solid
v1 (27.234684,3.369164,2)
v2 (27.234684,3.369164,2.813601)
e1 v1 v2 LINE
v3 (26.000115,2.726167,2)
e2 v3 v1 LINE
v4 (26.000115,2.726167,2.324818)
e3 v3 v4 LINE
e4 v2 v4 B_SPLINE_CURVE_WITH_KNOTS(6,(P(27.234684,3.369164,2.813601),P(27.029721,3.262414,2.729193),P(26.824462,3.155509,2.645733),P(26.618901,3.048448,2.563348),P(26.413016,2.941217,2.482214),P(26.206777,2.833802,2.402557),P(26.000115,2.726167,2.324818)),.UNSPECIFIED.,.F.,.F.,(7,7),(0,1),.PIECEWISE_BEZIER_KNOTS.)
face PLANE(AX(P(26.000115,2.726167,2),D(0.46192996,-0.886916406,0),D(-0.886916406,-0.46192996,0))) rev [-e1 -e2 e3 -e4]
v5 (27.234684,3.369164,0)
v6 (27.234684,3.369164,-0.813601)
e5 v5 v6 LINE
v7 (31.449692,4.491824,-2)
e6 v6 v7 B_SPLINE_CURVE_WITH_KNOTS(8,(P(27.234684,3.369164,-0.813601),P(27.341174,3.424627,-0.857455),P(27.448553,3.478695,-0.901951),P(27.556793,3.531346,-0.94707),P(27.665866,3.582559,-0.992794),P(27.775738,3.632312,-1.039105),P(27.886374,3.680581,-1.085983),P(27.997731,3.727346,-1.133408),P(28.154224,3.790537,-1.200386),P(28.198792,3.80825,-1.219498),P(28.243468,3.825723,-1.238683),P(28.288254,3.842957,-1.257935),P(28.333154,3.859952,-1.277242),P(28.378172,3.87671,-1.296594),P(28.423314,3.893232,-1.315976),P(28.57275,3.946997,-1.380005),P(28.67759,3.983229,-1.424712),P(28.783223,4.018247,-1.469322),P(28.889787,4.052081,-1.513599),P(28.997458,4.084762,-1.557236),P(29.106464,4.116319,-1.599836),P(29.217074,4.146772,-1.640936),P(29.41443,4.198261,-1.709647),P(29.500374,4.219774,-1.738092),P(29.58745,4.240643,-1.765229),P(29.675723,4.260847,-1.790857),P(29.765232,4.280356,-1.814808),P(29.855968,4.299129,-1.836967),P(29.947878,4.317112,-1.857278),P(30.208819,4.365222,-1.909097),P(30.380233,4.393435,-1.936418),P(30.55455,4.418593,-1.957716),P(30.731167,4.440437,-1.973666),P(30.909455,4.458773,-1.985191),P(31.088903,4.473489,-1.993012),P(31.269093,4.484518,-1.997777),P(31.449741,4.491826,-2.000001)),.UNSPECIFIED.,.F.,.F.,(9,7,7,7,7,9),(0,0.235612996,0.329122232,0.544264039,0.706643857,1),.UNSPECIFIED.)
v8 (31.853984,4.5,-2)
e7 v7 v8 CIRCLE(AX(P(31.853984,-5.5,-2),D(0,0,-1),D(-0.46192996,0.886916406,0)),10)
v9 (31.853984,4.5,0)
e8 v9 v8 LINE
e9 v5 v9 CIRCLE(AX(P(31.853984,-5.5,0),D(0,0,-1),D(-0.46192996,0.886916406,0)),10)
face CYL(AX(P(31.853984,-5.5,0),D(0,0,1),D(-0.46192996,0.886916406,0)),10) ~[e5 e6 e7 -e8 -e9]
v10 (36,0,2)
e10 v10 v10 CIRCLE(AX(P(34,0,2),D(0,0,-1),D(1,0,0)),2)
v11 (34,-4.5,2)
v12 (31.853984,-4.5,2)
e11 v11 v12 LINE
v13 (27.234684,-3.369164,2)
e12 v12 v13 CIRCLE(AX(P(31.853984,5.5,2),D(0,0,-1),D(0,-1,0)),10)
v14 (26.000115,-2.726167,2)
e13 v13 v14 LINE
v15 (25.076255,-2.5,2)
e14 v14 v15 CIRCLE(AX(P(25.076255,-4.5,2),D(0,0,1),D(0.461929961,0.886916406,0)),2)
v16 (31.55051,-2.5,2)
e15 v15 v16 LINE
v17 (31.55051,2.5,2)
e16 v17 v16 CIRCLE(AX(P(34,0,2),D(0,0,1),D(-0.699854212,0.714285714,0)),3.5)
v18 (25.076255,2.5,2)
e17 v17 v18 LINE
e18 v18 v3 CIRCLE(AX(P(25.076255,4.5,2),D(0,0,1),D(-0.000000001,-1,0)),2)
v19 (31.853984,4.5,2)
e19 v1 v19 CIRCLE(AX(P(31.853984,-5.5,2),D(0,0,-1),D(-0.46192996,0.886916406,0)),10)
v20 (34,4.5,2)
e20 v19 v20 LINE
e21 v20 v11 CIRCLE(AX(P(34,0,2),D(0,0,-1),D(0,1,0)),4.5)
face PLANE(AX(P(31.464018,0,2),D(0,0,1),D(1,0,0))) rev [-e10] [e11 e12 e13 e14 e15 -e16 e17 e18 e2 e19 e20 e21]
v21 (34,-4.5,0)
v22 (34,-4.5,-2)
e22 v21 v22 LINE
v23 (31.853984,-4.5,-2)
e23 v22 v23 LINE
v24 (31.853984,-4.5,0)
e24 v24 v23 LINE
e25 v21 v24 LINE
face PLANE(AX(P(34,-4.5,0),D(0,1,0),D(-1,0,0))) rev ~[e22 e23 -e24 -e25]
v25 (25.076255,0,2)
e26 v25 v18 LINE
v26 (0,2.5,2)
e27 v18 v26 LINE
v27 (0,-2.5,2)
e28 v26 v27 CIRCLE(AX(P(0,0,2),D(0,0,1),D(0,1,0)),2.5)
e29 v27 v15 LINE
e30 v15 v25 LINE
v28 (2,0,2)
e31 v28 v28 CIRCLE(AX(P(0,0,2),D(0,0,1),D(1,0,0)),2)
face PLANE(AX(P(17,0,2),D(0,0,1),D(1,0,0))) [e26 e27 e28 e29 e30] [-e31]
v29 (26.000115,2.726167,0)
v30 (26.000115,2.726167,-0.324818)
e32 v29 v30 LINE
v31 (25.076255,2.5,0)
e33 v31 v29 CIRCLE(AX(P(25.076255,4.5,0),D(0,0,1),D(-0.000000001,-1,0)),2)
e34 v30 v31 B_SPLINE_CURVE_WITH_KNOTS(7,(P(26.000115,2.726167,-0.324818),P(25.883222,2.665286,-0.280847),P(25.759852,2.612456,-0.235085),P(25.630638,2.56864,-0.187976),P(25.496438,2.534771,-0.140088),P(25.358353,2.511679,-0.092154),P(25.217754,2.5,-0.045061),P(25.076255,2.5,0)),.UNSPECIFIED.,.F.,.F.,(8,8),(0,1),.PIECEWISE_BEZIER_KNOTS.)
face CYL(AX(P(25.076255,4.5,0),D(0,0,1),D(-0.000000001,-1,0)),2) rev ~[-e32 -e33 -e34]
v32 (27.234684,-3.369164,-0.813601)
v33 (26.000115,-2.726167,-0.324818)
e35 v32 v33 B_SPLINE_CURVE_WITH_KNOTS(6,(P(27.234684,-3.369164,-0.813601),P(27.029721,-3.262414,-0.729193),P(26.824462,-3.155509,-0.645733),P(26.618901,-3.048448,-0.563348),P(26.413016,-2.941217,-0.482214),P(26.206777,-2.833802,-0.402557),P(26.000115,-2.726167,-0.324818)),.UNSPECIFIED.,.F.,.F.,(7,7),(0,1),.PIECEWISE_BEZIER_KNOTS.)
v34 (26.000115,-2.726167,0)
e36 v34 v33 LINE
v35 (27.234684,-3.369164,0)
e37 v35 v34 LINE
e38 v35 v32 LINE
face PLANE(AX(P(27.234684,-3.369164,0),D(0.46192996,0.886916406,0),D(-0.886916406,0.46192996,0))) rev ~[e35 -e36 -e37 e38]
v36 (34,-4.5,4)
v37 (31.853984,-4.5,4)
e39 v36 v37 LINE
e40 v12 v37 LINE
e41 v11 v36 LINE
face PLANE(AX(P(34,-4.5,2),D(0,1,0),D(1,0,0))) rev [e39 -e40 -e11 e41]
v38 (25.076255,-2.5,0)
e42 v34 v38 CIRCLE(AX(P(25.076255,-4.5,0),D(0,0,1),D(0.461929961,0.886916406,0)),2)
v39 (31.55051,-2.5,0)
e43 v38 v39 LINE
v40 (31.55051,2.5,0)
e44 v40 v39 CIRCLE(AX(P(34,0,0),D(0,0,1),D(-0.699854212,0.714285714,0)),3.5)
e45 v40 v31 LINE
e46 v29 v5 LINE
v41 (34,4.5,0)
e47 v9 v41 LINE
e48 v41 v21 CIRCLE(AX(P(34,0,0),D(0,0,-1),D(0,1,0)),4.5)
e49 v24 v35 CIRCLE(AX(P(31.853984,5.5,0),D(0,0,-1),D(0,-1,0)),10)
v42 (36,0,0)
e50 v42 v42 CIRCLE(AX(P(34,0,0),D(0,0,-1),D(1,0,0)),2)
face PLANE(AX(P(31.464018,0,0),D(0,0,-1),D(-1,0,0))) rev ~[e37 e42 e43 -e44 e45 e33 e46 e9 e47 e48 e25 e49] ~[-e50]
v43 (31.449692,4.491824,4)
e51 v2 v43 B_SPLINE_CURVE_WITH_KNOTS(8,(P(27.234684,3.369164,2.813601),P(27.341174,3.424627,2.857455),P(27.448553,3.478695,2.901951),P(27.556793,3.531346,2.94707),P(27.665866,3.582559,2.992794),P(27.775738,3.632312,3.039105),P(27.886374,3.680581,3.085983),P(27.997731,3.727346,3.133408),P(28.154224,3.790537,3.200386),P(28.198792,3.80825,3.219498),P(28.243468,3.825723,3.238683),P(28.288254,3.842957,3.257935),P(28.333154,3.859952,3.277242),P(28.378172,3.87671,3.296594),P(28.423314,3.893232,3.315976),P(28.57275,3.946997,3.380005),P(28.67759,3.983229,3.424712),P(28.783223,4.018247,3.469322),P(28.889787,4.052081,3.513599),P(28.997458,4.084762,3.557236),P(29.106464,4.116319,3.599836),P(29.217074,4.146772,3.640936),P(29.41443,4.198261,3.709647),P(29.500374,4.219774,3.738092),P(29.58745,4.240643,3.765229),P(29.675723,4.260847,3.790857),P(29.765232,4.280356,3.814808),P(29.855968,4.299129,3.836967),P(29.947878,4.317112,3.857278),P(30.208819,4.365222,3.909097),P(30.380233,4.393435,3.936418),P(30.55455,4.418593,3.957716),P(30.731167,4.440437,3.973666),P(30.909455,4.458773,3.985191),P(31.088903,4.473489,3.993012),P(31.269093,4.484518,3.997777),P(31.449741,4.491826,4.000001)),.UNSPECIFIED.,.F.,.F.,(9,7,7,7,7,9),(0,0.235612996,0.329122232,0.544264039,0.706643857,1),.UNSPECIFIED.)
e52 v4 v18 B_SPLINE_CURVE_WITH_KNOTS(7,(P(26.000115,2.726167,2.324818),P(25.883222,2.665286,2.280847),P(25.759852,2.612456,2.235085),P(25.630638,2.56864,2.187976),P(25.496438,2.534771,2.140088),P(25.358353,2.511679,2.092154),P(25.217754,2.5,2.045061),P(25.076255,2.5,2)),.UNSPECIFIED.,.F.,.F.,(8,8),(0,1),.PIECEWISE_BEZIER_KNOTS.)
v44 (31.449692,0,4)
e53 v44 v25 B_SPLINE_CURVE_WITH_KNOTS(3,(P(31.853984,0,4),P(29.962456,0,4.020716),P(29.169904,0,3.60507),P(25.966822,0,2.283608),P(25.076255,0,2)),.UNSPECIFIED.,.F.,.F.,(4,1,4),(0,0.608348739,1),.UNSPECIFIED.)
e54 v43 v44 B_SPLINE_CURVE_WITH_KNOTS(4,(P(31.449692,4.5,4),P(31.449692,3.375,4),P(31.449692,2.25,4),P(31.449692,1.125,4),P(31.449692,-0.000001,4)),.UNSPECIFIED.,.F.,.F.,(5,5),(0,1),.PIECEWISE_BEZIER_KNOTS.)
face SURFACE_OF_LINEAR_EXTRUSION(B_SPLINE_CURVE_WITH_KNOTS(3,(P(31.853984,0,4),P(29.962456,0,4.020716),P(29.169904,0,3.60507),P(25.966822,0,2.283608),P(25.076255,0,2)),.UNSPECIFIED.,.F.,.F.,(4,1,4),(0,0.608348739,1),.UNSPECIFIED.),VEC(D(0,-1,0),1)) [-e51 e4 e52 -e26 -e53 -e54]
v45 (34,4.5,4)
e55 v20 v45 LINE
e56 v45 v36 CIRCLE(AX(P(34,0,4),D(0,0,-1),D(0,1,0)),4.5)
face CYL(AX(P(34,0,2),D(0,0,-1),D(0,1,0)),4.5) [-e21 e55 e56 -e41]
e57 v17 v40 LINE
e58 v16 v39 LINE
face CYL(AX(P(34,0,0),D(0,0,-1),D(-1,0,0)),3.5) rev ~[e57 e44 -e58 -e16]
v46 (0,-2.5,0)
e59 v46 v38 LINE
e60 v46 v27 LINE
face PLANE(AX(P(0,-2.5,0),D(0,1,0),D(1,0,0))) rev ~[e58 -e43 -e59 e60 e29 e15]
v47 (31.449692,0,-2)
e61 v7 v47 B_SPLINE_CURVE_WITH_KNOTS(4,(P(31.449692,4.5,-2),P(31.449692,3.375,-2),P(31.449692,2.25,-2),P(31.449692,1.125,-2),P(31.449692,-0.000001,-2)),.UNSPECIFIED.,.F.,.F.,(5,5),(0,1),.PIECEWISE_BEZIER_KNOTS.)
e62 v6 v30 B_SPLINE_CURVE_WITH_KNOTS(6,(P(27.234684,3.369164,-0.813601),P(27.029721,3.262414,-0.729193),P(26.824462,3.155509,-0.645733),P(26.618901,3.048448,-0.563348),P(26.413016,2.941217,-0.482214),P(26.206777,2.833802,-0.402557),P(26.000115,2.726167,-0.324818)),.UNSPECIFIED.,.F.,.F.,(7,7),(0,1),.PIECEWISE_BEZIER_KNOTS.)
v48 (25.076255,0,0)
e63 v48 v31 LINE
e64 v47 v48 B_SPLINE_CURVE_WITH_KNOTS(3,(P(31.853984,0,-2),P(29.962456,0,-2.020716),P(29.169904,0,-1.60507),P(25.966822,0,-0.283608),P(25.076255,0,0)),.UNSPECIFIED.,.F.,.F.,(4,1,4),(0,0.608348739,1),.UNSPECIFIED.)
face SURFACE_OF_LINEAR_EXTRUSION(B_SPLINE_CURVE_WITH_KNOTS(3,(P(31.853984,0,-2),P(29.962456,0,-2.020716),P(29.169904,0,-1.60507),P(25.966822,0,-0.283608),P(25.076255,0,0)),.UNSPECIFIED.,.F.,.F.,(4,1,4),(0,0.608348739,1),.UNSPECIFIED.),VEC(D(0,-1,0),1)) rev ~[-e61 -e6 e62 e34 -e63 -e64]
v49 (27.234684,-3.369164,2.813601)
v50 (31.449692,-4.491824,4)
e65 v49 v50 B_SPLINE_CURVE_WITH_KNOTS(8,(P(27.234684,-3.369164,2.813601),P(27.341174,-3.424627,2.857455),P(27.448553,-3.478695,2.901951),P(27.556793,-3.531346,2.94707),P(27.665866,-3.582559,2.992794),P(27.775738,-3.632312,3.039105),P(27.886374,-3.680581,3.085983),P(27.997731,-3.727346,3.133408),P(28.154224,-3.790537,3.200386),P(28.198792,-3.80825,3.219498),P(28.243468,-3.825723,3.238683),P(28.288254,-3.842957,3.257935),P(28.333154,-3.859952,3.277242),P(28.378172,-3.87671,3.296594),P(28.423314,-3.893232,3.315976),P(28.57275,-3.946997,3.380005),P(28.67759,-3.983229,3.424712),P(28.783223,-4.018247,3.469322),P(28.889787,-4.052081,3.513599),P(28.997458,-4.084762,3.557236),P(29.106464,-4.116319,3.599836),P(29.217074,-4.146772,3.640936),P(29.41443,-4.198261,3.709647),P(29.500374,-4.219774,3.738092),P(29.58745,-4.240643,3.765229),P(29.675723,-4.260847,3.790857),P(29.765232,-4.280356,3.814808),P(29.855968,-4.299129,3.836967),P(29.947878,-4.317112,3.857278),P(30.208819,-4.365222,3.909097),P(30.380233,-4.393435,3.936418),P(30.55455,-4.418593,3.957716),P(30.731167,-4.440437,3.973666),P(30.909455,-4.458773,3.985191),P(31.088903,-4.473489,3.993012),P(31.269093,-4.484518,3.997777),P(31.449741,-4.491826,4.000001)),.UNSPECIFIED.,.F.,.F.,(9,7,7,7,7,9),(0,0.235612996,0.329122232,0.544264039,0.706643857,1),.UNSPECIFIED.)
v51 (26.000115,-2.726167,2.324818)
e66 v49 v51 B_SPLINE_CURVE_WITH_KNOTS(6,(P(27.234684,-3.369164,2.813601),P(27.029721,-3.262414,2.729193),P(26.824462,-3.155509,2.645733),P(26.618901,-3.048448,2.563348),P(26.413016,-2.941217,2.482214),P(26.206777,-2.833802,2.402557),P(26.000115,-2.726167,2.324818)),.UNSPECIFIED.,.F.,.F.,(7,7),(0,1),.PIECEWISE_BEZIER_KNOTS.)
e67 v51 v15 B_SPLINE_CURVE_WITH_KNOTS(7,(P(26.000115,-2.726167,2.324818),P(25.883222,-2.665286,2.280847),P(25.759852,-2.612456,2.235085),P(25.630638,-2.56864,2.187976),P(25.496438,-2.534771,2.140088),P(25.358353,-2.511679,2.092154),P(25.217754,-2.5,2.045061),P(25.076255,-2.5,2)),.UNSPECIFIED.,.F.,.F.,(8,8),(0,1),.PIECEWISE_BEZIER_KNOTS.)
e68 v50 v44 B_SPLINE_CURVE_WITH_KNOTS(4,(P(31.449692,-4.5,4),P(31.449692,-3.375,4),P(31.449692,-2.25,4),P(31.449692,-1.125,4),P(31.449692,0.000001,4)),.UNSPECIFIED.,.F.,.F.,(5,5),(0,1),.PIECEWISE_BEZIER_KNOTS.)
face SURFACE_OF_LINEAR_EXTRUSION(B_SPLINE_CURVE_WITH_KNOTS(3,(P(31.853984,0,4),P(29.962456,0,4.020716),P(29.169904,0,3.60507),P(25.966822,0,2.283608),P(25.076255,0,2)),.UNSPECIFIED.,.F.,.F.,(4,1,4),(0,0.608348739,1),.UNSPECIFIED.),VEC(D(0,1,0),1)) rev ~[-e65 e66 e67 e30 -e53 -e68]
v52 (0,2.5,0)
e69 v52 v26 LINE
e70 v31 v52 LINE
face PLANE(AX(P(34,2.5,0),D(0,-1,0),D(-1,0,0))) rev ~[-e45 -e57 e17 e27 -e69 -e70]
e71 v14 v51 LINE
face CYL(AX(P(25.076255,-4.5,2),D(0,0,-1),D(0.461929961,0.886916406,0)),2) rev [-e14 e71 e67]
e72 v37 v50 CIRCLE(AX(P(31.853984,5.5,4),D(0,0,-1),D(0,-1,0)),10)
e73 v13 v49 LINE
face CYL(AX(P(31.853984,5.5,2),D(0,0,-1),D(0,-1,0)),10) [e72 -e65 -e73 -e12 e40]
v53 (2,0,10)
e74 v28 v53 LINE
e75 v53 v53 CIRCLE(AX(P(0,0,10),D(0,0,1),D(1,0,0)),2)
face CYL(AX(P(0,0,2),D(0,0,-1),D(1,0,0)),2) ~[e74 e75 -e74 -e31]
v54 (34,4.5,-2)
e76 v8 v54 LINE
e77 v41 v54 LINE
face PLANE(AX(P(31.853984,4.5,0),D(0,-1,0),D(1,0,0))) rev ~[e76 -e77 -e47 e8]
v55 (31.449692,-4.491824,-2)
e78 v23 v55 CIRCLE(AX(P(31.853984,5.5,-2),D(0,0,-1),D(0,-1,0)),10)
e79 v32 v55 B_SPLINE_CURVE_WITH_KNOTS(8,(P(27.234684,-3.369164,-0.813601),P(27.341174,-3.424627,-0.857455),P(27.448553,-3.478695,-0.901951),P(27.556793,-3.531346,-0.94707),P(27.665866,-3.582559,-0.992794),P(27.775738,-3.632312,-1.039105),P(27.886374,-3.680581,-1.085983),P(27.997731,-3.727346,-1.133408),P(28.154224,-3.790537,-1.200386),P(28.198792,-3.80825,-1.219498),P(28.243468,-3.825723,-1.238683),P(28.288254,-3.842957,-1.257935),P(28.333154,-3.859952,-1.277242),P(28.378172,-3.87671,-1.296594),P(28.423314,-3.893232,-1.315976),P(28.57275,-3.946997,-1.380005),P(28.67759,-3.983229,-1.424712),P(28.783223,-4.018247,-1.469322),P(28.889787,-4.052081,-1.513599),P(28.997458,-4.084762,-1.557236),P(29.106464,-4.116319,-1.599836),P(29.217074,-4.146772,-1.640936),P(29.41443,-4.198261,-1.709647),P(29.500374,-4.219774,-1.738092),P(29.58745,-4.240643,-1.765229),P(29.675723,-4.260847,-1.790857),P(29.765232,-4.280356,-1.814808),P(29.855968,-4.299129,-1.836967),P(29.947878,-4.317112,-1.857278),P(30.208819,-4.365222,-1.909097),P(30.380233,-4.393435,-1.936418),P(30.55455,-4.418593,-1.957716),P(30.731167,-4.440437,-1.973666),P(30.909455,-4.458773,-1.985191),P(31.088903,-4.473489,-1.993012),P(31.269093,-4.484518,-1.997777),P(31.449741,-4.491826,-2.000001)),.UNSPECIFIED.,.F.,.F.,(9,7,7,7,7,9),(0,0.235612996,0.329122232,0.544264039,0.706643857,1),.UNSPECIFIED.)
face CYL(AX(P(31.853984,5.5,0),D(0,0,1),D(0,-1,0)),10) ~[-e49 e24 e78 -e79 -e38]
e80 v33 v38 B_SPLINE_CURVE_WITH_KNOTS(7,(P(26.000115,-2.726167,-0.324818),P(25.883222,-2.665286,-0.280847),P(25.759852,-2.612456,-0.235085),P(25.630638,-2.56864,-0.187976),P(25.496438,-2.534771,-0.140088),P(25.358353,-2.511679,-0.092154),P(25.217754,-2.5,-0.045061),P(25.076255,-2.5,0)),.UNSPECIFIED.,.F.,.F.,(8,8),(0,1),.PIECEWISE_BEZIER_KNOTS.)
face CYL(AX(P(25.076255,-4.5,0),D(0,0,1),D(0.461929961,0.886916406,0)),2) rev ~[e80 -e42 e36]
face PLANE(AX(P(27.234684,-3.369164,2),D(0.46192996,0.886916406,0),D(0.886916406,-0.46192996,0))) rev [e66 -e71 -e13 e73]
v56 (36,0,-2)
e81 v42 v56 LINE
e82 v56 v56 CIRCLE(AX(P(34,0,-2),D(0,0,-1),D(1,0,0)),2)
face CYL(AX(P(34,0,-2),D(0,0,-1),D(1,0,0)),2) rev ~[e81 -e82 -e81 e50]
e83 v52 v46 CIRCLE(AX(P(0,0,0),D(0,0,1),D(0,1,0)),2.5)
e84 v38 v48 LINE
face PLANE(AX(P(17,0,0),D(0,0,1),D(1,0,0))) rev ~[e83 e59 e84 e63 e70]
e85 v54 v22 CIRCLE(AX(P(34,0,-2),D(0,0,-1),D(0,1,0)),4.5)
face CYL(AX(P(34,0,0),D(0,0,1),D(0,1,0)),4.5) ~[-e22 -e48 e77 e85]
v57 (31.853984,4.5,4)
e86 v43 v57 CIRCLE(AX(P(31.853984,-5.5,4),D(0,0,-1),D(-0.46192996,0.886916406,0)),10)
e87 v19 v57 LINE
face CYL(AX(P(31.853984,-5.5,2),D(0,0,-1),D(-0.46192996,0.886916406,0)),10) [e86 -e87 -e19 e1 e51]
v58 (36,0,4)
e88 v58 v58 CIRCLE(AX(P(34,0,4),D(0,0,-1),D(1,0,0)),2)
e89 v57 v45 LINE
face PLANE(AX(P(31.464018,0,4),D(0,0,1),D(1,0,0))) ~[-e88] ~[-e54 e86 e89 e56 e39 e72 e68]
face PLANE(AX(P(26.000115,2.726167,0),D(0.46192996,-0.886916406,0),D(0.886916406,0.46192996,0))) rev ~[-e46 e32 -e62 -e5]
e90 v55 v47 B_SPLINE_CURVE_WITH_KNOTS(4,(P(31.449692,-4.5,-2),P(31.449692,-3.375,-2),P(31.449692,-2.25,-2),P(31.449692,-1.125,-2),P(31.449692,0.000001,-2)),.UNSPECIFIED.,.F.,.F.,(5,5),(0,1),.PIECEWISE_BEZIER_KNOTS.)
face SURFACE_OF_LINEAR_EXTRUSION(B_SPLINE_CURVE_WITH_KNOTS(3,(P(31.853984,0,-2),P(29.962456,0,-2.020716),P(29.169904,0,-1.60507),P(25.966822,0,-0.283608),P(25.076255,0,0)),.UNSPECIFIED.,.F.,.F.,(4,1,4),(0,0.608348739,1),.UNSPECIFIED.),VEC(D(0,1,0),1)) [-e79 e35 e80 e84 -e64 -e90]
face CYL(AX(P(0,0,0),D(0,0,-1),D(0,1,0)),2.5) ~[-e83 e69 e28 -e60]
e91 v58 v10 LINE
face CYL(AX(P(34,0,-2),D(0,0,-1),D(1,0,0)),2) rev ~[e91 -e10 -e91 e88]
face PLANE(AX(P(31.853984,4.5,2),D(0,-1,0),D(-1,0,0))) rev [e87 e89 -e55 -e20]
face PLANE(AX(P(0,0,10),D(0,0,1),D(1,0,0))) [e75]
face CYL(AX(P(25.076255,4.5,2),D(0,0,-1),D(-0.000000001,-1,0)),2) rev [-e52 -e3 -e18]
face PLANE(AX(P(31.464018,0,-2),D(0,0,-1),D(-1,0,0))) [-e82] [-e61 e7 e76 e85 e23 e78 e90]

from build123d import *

# Parameters (mm, degrees)
BOSS_EXTRUDE1_DEPTH = 2
SKETCH2_R           = 2
BOSS_EXTRUDE2_DEPTH = 8
SKETCH5_R           = 3.5
CUT_EXTRUDE2_DEPTH  = 5
BOSS_EXTRUDE3_DEPTH = 2
CUT_EXTRUDE1_DEPTH  = 5.5
SKETCH6_R           = 2
CUT_EXTRUDE3_DEPTH  = 11


with BuildPart() as part:
    # Sketch1 → Boss-Extrude1 (new body)
    with BuildSketch(Plane.XY):
        with BuildLine():
            Line((0, -2.5), (34, -2.5))
            ThreePointArc((34, -2.5), (36.5, 0), (34, 2.5))
            Line((34, 2.5), (0, 2.5))
            ThreePointArc((0, 2.5), (-2.5, 0), (0, -2.5))
        make_face()
    extrude(amount=BOSS_EXTRUDE1_DEPTH)

    # Sketch2 → Boss-Extrude2 (add)
    with BuildSketch(Plane.XY.offset(2)):
        Circle(SKETCH2_R)
    extrude(amount=BOSS_EXTRUDE2_DEPTH)

    # Sketch5 → Cut-Extrude2 (cut, symmetric)
    with BuildSketch(Plane(origin=(0, 0, 0), x_dir=(-1, 0, 0), z_dir=(0, 0, -1))):
        with Locations((-34, 0)):
            Circle(SKETCH5_R)
    extrude(amount=CUT_EXTRUDE2_DEPTH, both=True, mode=Mode.SUBTRACT)

    # Sketch3 → Boss-Extrude3 (add)
    with BuildSketch(Plane(origin=(0, 0, 0), x_dir=(-1, 0, 0), z_dir=(0, 0, -1))):
        with BuildLine():
            Line((-34, -4.5), (-31.853983948, -4.5))
            ThreePointArc((-31.853983948, -4.5), (-29.476132044, -4.213177664), (-27.234684348, -3.369164065))
            Line((-27.234684348, -3.369164065), (-26.000115193, -2.726167187))
            ThreePointArc((-26.000115193, -2.726167187), (-25.551825654, -2.557364467), (-25.076255273, -2.5))
            Line((-25.076255273, -2.5), (-25.076255273, 2.5))
            ThreePointArc((-25.076255273, 2.5), (-25.551825654, 2.557364467), (-26.000115193, 2.726167187))
            Line((-26.000115193, 2.726167187), (-27.234684348, 3.369164065))
            ThreePointArc((-27.234684348, 3.369164065), (-29.476132044, 4.213177664), (-31.853983948, 4.5))
            Line((-31.853983948, 4.5), (-34, 4.5))
            ThreePointArc((-34, 4.5), (-38.5, 0), (-34, -4.5))
        make_face()
    boss_extrude3 = extrude(amount=BOSS_EXTRUDE3_DEPTH)

    # Sketch4 → Cut-Extrude1 (cut, symmetric)
    with BuildSketch(Plane(origin=(0, 0, 0), x_dir=(1, 0, 0), z_dir=(0, 1, 0))):
        with BuildLine():
            Line((31.853983948, 2), (31.853983948, 3.174344261))
            Line((31.853983948, 3.174344261), (24.383890118, 3.174344261))
            Line((24.383890118, 3.174344261), (25.076255273, 0))
            add(Edge.make_bspline(
                [(31.853983948, 2), (29.962456018, 2.02071595), (29.16990367, 1.605069608), (25.966821868, 0.283607958), (25.076255273, 0)],
                knots=[0, 0, 0, 0, 0.608348739, 1, 1, 1, 1], degree=3))
        make_face()
    cut_extrude1 = extrude(amount=CUT_EXTRUDE1_DEPTH, both=True, mode=Mode.SUBTRACT)

    # Mirror1: Boss-Extrude3, Cut-Extrude1 across plane
    add(boss_extrude3.mirror(Plane.XY.offset(1)))
    add(cut_extrude1.mirror(Plane.XY.offset(1)), mode=Mode.SUBTRACT)

    # Sketch6 → Cut-Extrude3 (cut, symmetric)
    with BuildSketch(Plane(origin=(0, 0, -2), x_dir=(-1, 0, 0), z_dir=(0, 0, -1))):
        with Locations(Location((-34, 0, 0), (0, 0, 180))):
            Circle(SKETCH6_R)
    extrude(amount=CUT_EXTRUDE3_DEPTH, both=True, mode=Mode.SUBTRACT)


solid = part.part
